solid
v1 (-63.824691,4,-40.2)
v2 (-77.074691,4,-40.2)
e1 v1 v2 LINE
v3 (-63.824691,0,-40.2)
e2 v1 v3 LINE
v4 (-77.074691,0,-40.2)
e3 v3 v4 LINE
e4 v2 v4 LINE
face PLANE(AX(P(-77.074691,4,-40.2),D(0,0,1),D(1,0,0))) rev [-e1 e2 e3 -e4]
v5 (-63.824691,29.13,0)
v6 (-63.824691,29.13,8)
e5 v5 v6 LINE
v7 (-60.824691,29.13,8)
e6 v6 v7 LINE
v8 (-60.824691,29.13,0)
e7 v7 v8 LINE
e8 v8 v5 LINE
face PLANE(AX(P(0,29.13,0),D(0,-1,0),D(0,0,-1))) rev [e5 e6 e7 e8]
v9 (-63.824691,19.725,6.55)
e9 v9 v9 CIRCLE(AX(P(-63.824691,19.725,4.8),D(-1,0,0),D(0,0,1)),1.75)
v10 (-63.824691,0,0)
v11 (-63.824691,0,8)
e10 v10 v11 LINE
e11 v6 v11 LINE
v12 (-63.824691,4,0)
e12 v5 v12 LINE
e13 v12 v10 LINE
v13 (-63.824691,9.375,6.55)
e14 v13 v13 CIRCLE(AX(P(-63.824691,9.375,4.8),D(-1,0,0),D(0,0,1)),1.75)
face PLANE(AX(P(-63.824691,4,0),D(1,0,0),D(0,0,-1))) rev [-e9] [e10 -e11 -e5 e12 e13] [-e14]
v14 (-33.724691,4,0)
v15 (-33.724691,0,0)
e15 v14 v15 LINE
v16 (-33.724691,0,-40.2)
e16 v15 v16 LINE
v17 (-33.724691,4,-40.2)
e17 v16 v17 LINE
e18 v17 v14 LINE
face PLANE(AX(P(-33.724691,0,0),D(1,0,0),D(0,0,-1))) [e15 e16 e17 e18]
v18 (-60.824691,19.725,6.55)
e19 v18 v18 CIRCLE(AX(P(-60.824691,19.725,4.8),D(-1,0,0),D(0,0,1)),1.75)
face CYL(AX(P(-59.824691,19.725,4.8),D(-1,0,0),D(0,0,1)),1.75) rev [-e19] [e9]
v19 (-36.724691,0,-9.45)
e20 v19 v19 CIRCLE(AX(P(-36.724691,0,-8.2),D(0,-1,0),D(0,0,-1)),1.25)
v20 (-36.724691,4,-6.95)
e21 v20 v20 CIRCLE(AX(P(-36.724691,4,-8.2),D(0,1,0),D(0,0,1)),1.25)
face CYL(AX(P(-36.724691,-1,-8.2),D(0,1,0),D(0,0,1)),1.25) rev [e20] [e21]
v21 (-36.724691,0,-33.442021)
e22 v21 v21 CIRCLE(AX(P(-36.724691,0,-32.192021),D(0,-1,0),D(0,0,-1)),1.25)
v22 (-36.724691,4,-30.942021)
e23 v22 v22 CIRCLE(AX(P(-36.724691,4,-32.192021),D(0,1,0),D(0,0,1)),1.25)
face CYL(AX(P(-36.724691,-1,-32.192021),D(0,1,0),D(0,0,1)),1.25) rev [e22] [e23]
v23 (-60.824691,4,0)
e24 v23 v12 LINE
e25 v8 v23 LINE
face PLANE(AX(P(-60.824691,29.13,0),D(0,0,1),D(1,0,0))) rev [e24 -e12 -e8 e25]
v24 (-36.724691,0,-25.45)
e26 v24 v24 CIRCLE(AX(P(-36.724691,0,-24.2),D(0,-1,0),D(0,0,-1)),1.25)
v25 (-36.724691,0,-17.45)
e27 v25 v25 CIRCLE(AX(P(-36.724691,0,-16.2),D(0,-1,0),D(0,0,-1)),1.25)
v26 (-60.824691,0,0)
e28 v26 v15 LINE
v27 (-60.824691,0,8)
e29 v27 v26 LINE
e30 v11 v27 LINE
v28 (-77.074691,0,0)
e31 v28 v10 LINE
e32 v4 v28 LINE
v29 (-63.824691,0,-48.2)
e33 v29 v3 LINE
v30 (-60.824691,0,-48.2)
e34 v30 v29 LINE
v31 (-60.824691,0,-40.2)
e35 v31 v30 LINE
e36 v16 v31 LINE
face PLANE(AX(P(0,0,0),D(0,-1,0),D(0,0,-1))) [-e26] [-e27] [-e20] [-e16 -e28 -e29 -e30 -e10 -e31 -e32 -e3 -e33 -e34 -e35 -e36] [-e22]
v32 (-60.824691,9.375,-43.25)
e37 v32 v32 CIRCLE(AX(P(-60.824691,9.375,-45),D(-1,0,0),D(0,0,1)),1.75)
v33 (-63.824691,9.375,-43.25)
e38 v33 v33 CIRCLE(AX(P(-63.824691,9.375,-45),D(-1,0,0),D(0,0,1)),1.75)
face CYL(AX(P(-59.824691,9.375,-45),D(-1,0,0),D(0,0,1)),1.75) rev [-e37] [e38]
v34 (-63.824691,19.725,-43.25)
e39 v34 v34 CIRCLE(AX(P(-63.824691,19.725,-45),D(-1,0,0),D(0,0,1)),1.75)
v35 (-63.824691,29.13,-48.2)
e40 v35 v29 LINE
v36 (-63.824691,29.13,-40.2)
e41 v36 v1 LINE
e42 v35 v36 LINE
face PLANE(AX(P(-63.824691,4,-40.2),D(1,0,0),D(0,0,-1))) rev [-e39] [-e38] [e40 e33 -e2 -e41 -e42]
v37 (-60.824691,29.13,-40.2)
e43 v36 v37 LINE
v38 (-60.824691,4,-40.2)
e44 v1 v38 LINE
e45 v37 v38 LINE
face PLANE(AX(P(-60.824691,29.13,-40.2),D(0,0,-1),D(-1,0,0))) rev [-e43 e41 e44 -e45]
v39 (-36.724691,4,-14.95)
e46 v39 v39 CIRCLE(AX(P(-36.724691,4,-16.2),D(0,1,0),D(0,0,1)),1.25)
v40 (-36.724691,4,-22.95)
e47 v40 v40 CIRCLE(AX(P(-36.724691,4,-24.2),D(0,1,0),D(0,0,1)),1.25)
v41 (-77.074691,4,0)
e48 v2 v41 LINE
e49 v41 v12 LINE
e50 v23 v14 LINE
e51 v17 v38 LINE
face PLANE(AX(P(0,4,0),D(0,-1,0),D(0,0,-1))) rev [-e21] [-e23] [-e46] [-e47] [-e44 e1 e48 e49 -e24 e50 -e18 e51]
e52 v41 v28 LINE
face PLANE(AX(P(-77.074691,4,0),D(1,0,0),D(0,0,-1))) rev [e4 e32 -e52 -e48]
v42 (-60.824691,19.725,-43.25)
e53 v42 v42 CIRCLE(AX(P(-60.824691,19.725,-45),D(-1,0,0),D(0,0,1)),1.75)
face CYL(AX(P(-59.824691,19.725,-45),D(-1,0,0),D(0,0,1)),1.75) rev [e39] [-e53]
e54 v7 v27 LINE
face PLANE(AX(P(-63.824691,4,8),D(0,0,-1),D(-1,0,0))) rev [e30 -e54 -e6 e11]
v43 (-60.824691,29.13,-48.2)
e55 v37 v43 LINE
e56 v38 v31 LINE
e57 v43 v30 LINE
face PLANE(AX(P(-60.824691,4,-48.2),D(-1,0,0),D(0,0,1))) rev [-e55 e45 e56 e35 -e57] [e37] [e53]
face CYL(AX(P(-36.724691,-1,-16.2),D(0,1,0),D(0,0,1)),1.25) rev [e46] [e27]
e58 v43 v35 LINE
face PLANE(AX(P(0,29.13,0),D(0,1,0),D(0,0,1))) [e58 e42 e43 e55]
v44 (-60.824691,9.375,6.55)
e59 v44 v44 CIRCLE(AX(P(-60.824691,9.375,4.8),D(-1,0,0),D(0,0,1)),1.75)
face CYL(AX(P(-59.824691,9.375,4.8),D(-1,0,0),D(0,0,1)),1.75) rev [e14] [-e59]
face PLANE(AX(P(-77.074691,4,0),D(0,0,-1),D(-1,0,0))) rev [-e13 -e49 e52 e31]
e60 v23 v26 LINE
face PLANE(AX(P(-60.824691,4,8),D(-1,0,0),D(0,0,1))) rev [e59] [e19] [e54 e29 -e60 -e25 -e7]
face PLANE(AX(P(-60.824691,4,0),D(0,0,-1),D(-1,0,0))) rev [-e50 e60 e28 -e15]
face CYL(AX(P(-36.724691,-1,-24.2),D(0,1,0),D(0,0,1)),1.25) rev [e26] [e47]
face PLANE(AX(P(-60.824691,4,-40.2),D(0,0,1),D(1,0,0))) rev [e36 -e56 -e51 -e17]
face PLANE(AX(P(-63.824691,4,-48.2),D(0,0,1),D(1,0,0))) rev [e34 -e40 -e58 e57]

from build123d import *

# Parameters (mm, degrees)
BOSS_EXTRUDE2_DEPTH = 4
SKETCH24_W          = 3
SKETCH24_H          = 8
BOSS_EXTRUDE3_DEPTH = 25.13
SKETCH25_R          = 1.75
SKETCH25_R_2        = 1.750000009
CUT_EXTRUDE1_DEPTH  = 4
SKETCH26_W          = 40.2
SKETCH26_H          = 4
BOSS_EXTRUDE4_DEPTH = 0.65
SKETCH27_R          = 1.25
CUT_EXTRUDE2_DEPTH  = 5


with BuildPart() as part:
    # Sketch23 → Boss-Extrude2 (new body)
    with BuildSketch(Plane(origin=(0, 0, 0), x_dir=(1, 0, 0), z_dir=(0, 1, 0))):
        Polygon((-77.074690926, 0), (-63.824690926, 0), (-63.824690926, -8), (-60.824690926, -8), (-60.824690926, 0), (-34.374690926, 0), (-34.374690926, 40.2), (-60.824690926, 40.2), (-60.824690926, 48.2), (-63.824690926, 48.2), (-63.824690926, 40.2), (-77.074690926, 40.2), align=None)
    extrude(amount=BOSS_EXTRUDE2_DEPTH)

    # Sketch24 → Boss-Extrude3 (add)
    with BuildSketch(Plane(origin=(0, 4, 0), x_dir=(1, 0, 0), z_dir=(0, 1, 0))):
        with Locations((-62.324690926, -4)):
            Rectangle(SKETCH24_W, SKETCH24_H)
        with Locations((-62.324690926, 44.2)):
            Rectangle(SKETCH24_W, SKETCH24_H)
    extrude(amount=BOSS_EXTRUDE3_DEPTH)

    # Sketch25 → Cut-Extrude1 (cut)
    with BuildSketch(Plane.ZY.offset(63.824690926)):
        with Locations((4.799999987, 9.375)):
            Circle(SKETCH25_R)
        with Locations((-45, 9.375)):
            Circle(SKETCH25_R)
        with Locations((-45, 19.725)):
            Circle(SKETCH25_R)
        with Locations((4.799999987, 19.725)):
            Circle(SKETCH25_R_2)
    extrude(amount=-CUT_EXTRUDE1_DEPTH, mode=Mode.SUBTRACT)

    # Sketch26 → Boss-Extrude4 (add)
    with BuildSketch(Plane(origin=(-34.374690926, 0, 0), x_dir=(0, 0, -1), z_dir=(1, 0, 0))):
        with Locations((20.1, 2)):
            Rectangle(SKETCH26_W, SKETCH26_H)
    extrude(amount=BOSS_EXTRUDE4_DEPTH)

    # Sketch27 → Cut-Extrude2 (cut)
    with BuildSketch(Plane(origin=(0, 4, 0), x_dir=(1, 0, 0), z_dir=(0, 1, 0))):
        with Locations(Location((-36.724690926, 32.192020694, 0), (0, 0, 270))):
            Circle(SKETCH27_R)
        with Locations(Location((-36.724690926, 24.2, 0), (0, 0, 270))):
            Circle(SKETCH27_R)
        with Locations(Location((-36.724690926, 16.2, 0), (0, 0, 270))):
            Circle(SKETCH27_R)
        with Locations(Location((-36.724690926, 8.2, 0), (0, 0, 270))):
            Circle(SKETCH27_R)
    extrude(amount=-CUT_EXTRUDE2_DEPTH, mode=Mode.SUBTRACT)


solid = part.part
